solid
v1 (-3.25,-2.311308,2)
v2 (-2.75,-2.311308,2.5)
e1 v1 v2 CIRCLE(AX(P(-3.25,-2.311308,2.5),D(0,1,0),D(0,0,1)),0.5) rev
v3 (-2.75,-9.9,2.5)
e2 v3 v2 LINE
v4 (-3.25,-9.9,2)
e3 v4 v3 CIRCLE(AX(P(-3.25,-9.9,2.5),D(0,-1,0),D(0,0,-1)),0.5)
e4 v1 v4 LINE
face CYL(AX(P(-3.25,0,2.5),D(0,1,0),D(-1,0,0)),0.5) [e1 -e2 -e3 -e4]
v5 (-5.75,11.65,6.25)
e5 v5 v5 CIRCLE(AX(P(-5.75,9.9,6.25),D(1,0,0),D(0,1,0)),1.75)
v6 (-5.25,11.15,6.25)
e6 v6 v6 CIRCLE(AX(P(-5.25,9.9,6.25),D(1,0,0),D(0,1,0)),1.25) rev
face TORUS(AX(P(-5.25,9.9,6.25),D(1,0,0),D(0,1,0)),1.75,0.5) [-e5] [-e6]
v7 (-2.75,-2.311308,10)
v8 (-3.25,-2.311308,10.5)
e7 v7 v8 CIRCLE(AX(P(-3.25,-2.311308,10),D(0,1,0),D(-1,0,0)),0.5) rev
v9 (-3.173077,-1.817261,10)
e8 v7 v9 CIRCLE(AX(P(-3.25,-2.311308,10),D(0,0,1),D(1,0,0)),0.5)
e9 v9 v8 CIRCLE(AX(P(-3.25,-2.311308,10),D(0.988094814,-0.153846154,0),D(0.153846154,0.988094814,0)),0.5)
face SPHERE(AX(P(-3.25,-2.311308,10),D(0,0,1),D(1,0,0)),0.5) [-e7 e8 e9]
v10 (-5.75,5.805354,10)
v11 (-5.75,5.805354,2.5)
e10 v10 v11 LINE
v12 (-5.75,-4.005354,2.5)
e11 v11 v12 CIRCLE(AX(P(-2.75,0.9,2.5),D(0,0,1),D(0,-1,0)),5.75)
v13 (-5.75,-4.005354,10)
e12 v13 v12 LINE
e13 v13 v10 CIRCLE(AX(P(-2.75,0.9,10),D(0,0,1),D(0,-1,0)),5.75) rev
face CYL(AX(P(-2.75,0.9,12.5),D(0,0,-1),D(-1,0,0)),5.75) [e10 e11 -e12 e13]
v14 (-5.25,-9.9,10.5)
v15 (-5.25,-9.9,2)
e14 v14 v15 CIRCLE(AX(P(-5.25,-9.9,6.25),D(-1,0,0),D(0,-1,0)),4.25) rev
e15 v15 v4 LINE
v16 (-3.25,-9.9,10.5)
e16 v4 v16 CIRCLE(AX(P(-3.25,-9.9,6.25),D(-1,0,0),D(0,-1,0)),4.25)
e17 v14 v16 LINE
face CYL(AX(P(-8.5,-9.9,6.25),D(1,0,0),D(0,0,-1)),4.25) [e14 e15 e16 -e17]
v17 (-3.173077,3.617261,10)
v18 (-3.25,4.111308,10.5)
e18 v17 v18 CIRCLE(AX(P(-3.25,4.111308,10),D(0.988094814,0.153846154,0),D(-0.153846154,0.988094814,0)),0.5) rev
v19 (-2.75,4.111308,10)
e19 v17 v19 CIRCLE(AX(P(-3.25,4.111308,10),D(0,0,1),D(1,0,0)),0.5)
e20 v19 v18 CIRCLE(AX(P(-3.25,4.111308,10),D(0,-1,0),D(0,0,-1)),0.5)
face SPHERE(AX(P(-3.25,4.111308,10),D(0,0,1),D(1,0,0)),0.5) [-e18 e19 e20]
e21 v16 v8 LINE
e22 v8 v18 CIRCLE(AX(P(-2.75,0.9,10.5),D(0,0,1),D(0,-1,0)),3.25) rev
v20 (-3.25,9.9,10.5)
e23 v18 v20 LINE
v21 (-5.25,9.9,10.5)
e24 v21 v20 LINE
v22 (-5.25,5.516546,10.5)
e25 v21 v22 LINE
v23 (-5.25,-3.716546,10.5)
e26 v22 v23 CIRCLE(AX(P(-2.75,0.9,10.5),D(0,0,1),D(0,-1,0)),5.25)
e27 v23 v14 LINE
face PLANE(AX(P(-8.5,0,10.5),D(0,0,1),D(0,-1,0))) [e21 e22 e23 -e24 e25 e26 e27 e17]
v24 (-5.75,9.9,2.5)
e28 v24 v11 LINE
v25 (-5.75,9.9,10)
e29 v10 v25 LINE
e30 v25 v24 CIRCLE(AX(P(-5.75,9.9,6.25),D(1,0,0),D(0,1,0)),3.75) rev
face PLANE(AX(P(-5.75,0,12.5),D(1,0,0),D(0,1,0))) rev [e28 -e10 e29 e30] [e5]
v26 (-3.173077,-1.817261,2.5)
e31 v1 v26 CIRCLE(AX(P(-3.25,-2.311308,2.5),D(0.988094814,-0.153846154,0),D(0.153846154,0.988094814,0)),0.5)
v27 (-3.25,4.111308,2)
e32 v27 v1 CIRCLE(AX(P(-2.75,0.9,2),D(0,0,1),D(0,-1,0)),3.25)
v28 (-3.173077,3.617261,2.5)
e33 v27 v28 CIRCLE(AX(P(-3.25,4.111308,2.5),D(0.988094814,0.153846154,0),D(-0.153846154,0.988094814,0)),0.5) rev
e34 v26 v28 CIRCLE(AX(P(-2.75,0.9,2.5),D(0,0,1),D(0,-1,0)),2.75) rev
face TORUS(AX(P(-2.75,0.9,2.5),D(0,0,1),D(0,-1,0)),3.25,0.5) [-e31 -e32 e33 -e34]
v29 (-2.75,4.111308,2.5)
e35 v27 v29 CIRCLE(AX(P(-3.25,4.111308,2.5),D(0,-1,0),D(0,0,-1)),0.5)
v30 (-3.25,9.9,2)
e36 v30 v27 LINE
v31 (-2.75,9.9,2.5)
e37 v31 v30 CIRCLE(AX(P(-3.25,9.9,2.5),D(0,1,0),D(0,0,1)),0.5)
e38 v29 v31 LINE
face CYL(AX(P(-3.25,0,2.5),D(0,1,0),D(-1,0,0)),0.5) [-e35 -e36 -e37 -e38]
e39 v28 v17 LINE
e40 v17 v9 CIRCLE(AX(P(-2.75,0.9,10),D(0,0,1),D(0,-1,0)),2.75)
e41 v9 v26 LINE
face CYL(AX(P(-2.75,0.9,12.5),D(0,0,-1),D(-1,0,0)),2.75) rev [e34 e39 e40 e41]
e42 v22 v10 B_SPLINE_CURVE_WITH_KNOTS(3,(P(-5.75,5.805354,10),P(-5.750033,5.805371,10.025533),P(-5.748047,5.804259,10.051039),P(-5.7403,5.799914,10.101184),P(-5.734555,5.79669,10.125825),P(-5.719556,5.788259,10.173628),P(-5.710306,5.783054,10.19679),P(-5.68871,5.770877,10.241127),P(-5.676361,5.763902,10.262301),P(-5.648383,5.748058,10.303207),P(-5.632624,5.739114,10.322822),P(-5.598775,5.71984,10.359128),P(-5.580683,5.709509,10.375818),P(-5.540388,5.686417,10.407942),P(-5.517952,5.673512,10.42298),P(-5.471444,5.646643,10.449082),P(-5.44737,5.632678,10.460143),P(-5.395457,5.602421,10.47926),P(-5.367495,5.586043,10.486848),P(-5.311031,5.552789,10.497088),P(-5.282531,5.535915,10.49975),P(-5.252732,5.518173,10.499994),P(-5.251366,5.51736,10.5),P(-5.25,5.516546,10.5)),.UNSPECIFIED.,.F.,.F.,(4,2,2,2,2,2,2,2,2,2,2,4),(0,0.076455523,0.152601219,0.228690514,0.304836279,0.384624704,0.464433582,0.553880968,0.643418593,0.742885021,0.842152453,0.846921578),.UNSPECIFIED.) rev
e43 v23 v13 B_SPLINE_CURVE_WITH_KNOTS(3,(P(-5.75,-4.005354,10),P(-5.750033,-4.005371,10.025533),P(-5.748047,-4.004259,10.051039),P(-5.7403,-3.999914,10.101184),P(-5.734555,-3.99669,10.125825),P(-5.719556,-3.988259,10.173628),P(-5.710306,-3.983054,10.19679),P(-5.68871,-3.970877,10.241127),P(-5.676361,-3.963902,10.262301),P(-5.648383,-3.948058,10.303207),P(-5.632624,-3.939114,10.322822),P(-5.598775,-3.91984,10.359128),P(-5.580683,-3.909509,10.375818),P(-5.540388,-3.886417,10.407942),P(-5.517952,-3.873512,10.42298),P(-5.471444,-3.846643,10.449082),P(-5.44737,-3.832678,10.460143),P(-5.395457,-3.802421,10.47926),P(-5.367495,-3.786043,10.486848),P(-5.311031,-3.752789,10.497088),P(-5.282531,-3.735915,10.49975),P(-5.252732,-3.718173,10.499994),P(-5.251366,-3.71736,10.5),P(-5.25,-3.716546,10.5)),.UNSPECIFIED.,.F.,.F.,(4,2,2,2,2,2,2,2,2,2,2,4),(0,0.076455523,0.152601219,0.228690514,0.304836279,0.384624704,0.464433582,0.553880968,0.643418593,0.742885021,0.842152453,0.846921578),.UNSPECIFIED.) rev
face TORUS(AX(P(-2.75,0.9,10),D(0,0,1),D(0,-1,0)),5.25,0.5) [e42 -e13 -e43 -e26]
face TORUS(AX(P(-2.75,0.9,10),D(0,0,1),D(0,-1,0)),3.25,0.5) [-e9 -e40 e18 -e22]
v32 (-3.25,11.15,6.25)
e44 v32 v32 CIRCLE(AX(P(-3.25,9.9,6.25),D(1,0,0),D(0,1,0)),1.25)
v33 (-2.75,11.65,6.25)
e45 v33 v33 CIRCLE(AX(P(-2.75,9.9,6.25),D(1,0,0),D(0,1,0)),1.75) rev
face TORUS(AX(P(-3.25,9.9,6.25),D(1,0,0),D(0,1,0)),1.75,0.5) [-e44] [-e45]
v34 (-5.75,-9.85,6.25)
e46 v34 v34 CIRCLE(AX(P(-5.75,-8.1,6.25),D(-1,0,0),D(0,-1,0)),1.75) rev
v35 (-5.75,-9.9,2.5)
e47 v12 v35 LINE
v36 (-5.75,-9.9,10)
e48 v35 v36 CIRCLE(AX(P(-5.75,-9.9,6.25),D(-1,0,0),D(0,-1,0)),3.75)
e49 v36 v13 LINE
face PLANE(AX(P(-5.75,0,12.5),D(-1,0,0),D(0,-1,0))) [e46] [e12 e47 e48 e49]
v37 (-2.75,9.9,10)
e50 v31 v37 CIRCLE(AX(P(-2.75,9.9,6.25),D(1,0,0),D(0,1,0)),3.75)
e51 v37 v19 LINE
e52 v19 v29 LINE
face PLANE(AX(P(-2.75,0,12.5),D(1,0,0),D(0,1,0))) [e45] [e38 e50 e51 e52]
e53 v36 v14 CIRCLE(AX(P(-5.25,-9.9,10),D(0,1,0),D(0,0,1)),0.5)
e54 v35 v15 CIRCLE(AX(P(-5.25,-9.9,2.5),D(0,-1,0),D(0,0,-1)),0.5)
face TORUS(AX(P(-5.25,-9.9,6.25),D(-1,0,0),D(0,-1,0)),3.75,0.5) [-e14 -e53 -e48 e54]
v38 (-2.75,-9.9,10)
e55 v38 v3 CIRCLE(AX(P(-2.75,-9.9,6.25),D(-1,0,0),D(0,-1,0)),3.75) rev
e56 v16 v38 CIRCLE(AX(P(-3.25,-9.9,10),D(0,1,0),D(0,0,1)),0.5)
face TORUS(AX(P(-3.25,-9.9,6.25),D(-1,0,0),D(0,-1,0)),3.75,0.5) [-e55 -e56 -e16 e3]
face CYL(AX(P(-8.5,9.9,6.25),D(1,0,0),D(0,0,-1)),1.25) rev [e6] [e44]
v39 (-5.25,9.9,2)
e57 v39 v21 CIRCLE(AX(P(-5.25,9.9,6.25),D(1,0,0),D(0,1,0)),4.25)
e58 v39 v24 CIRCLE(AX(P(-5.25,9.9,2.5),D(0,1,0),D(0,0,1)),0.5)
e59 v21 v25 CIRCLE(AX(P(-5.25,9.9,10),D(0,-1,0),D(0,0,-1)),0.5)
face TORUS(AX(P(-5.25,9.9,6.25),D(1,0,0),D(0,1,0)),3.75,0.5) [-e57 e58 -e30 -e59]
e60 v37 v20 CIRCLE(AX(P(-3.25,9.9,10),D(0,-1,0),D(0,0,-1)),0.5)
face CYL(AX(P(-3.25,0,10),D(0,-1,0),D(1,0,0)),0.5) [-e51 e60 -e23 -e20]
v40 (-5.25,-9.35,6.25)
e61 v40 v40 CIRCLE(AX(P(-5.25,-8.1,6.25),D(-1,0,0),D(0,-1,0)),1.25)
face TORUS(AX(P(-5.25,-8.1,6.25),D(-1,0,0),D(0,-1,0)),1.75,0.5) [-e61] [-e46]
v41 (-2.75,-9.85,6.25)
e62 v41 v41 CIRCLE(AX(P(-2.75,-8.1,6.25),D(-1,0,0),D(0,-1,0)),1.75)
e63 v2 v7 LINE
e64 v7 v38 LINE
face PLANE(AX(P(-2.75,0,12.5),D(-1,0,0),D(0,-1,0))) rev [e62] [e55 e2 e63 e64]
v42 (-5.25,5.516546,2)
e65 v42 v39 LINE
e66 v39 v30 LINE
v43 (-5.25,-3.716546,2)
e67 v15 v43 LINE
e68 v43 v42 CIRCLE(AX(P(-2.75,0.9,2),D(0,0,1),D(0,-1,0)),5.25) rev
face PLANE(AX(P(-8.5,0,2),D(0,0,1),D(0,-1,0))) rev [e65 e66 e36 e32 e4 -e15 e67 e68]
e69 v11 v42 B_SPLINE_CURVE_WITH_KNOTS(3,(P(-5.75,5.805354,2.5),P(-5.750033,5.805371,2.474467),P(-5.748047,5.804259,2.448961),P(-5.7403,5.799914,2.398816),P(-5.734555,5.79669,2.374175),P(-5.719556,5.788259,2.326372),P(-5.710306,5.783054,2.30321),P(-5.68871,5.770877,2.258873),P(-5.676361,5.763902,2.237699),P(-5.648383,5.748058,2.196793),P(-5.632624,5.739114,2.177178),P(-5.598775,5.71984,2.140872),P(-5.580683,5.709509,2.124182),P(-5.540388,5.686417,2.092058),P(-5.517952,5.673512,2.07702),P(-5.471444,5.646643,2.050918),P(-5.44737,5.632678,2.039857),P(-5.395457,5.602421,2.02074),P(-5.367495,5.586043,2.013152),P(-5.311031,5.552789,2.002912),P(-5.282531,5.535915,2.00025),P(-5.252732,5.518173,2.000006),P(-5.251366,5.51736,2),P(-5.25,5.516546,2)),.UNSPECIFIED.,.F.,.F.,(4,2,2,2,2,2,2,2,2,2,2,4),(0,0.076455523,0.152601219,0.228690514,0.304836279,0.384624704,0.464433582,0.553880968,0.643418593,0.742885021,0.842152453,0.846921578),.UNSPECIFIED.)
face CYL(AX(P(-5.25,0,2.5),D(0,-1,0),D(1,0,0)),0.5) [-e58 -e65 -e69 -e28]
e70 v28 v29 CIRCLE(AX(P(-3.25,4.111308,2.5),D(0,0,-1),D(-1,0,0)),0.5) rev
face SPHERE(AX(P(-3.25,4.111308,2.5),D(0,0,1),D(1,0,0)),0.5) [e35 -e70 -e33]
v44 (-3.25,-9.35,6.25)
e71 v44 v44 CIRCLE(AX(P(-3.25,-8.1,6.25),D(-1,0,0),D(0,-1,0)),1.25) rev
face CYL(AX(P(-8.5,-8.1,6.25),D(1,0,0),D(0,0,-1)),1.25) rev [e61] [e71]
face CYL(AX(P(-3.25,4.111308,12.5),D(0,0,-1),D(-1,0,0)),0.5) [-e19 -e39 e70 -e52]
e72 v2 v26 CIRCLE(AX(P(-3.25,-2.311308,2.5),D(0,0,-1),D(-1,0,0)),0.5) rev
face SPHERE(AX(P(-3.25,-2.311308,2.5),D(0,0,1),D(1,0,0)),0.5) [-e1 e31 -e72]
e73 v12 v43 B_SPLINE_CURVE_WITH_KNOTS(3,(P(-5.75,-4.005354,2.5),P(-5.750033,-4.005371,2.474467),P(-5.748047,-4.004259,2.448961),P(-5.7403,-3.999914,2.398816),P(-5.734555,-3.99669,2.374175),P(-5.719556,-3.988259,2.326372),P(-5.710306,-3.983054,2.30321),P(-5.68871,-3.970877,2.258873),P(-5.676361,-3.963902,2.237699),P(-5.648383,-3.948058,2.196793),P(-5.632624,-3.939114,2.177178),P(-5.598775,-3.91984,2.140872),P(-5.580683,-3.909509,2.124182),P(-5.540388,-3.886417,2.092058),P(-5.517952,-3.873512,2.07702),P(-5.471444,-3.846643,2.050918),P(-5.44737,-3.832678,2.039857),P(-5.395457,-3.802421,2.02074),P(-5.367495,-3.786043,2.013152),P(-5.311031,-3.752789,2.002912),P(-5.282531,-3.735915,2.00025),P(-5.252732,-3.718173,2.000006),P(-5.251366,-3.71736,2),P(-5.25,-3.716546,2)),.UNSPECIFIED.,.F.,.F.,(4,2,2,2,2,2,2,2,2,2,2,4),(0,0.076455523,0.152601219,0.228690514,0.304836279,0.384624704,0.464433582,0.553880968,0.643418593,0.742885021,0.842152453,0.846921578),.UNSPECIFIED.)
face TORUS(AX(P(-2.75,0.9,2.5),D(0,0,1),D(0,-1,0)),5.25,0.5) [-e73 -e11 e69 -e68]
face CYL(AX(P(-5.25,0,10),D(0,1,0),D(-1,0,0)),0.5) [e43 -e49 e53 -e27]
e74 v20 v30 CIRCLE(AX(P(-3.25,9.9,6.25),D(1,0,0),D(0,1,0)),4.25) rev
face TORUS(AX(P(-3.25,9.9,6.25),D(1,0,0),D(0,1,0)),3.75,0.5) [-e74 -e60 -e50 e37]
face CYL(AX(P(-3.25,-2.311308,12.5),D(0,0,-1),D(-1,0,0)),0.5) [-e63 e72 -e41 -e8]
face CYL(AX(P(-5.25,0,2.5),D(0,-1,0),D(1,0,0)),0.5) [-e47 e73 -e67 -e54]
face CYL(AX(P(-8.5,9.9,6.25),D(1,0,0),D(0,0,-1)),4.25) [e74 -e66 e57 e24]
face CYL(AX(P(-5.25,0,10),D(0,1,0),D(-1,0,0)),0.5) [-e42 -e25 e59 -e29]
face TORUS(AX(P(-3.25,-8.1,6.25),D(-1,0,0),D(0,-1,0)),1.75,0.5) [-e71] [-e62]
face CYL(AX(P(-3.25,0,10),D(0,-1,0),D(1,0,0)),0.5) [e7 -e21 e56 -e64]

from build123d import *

# Parameters (mm, degrees)
BOSS_EXTRUDE1_DEPTH = 12.5
SKETCH2_W           = 12.5
SKETCH2_H           = 30.5
SKETCH2_R           = 1.25
CUT_EXTRUDE1_DEPTH  = 9.5
FILLET1_R           = 0.5


with BuildPart() as part:
    # Sketch1 → Boss-Extrude1 (new body)
    with BuildSketch(Plane.XY):
        with BuildLine():
            ThreePointArc((-2.75, 3.65), (-5.5, 0.9), (-2.75, -1.85))
            Line((-2.75, -1.85), (-2.75, -14.35))
            Line((-2.75, -14.35), (-5.75, -14.35))
            Line((-5.75, -14.35), (-5.75, -4.005354218))
            ThreePointArc((-5.75, -4.005354218), (-8.5, 0.9), (-5.75, 5.805354218))
            Line((-5.75, 5.805354218), (-5.75, 16.15))
            Line((-5.75, 16.15), (-2.75, 16.15))
            Line((-2.75, 16.15), (-2.75, 3.65))
        make_face()
    extrude(amount=BOSS_EXTRUDE1_DEPTH)

    # Sketch2 → Cut-Extrude1 (cut, through all)
    with BuildSketch(Plane(origin=(0, 0, 0), x_dir=(0, 0, -1), z_dir=(1, 0, 0))):
        with Locations((-6.25, 0.9)):
            Rectangle(SKETCH2_W, SKETCH2_H)
        with BuildLine():
            ThreePointArc((-10.5, -9.9), (-6.25, -14.15), (-2, -9.9))
            Line((-2, -9.9), (-2, 9.9))
            ThreePointArc((-2, 9.9), (-6.25, 14.15), (-10.5, 9.9))
            Line((-10.5, 9.9), (-10.5, -9.9))
        make_face(mode=Mode.SUBTRACT)
        with Locations((-6.25, 9.9)):
            Circle(SKETCH2_R)
        with Locations((-6.25, -8.1)):
            Circle(SKETCH2_R)
    extrude(amount=-CUT_EXTRUDE1_DEPTH, mode=Mode.SUBTRACT)

    # Fillet1
    fillet1_edges = [part.edges().sort_by_distance(p)[0] for p in [
        (-2.75, -1.85, 6.25),
        (-2.75, -5.875, 10.5),
        (-2.75, -14.15, 6.25),
        (-2.75, -5.875, 2),
        (-5.75, 14.15, 6.25),
        (-2.75, 3.65, 6.25),
        (-5.75, -8.1, 7.5),
        (-2.75, -8.1, 7.5),
        (-2.75, 9.9, 7.5),
        (-5.75, 9.9, 7.5),
        (-2.75, 14.15, 6.25),
        (-5.75, -14.15, 6.25),
        (-5.75, 7.852677109, 2),
        (-8.5, 0.9, 2),
        (-2.75, 6.775, 2),
        (-5.5, 0.9, 2),
        (-2.75, 6.775, 10.5),
        (-5.5, 0.9, 10.5),
        (-5.75, -6.952677109, 10.5),
        (-5.75, 7.852677109, 10.5),
        (-8.5, 0.9, 10.5),
        (-5.75, -6.952677109, 2),
    ]]
    fillet(fillet1_edges, radius=FILLET1_R)


solid = part.part
